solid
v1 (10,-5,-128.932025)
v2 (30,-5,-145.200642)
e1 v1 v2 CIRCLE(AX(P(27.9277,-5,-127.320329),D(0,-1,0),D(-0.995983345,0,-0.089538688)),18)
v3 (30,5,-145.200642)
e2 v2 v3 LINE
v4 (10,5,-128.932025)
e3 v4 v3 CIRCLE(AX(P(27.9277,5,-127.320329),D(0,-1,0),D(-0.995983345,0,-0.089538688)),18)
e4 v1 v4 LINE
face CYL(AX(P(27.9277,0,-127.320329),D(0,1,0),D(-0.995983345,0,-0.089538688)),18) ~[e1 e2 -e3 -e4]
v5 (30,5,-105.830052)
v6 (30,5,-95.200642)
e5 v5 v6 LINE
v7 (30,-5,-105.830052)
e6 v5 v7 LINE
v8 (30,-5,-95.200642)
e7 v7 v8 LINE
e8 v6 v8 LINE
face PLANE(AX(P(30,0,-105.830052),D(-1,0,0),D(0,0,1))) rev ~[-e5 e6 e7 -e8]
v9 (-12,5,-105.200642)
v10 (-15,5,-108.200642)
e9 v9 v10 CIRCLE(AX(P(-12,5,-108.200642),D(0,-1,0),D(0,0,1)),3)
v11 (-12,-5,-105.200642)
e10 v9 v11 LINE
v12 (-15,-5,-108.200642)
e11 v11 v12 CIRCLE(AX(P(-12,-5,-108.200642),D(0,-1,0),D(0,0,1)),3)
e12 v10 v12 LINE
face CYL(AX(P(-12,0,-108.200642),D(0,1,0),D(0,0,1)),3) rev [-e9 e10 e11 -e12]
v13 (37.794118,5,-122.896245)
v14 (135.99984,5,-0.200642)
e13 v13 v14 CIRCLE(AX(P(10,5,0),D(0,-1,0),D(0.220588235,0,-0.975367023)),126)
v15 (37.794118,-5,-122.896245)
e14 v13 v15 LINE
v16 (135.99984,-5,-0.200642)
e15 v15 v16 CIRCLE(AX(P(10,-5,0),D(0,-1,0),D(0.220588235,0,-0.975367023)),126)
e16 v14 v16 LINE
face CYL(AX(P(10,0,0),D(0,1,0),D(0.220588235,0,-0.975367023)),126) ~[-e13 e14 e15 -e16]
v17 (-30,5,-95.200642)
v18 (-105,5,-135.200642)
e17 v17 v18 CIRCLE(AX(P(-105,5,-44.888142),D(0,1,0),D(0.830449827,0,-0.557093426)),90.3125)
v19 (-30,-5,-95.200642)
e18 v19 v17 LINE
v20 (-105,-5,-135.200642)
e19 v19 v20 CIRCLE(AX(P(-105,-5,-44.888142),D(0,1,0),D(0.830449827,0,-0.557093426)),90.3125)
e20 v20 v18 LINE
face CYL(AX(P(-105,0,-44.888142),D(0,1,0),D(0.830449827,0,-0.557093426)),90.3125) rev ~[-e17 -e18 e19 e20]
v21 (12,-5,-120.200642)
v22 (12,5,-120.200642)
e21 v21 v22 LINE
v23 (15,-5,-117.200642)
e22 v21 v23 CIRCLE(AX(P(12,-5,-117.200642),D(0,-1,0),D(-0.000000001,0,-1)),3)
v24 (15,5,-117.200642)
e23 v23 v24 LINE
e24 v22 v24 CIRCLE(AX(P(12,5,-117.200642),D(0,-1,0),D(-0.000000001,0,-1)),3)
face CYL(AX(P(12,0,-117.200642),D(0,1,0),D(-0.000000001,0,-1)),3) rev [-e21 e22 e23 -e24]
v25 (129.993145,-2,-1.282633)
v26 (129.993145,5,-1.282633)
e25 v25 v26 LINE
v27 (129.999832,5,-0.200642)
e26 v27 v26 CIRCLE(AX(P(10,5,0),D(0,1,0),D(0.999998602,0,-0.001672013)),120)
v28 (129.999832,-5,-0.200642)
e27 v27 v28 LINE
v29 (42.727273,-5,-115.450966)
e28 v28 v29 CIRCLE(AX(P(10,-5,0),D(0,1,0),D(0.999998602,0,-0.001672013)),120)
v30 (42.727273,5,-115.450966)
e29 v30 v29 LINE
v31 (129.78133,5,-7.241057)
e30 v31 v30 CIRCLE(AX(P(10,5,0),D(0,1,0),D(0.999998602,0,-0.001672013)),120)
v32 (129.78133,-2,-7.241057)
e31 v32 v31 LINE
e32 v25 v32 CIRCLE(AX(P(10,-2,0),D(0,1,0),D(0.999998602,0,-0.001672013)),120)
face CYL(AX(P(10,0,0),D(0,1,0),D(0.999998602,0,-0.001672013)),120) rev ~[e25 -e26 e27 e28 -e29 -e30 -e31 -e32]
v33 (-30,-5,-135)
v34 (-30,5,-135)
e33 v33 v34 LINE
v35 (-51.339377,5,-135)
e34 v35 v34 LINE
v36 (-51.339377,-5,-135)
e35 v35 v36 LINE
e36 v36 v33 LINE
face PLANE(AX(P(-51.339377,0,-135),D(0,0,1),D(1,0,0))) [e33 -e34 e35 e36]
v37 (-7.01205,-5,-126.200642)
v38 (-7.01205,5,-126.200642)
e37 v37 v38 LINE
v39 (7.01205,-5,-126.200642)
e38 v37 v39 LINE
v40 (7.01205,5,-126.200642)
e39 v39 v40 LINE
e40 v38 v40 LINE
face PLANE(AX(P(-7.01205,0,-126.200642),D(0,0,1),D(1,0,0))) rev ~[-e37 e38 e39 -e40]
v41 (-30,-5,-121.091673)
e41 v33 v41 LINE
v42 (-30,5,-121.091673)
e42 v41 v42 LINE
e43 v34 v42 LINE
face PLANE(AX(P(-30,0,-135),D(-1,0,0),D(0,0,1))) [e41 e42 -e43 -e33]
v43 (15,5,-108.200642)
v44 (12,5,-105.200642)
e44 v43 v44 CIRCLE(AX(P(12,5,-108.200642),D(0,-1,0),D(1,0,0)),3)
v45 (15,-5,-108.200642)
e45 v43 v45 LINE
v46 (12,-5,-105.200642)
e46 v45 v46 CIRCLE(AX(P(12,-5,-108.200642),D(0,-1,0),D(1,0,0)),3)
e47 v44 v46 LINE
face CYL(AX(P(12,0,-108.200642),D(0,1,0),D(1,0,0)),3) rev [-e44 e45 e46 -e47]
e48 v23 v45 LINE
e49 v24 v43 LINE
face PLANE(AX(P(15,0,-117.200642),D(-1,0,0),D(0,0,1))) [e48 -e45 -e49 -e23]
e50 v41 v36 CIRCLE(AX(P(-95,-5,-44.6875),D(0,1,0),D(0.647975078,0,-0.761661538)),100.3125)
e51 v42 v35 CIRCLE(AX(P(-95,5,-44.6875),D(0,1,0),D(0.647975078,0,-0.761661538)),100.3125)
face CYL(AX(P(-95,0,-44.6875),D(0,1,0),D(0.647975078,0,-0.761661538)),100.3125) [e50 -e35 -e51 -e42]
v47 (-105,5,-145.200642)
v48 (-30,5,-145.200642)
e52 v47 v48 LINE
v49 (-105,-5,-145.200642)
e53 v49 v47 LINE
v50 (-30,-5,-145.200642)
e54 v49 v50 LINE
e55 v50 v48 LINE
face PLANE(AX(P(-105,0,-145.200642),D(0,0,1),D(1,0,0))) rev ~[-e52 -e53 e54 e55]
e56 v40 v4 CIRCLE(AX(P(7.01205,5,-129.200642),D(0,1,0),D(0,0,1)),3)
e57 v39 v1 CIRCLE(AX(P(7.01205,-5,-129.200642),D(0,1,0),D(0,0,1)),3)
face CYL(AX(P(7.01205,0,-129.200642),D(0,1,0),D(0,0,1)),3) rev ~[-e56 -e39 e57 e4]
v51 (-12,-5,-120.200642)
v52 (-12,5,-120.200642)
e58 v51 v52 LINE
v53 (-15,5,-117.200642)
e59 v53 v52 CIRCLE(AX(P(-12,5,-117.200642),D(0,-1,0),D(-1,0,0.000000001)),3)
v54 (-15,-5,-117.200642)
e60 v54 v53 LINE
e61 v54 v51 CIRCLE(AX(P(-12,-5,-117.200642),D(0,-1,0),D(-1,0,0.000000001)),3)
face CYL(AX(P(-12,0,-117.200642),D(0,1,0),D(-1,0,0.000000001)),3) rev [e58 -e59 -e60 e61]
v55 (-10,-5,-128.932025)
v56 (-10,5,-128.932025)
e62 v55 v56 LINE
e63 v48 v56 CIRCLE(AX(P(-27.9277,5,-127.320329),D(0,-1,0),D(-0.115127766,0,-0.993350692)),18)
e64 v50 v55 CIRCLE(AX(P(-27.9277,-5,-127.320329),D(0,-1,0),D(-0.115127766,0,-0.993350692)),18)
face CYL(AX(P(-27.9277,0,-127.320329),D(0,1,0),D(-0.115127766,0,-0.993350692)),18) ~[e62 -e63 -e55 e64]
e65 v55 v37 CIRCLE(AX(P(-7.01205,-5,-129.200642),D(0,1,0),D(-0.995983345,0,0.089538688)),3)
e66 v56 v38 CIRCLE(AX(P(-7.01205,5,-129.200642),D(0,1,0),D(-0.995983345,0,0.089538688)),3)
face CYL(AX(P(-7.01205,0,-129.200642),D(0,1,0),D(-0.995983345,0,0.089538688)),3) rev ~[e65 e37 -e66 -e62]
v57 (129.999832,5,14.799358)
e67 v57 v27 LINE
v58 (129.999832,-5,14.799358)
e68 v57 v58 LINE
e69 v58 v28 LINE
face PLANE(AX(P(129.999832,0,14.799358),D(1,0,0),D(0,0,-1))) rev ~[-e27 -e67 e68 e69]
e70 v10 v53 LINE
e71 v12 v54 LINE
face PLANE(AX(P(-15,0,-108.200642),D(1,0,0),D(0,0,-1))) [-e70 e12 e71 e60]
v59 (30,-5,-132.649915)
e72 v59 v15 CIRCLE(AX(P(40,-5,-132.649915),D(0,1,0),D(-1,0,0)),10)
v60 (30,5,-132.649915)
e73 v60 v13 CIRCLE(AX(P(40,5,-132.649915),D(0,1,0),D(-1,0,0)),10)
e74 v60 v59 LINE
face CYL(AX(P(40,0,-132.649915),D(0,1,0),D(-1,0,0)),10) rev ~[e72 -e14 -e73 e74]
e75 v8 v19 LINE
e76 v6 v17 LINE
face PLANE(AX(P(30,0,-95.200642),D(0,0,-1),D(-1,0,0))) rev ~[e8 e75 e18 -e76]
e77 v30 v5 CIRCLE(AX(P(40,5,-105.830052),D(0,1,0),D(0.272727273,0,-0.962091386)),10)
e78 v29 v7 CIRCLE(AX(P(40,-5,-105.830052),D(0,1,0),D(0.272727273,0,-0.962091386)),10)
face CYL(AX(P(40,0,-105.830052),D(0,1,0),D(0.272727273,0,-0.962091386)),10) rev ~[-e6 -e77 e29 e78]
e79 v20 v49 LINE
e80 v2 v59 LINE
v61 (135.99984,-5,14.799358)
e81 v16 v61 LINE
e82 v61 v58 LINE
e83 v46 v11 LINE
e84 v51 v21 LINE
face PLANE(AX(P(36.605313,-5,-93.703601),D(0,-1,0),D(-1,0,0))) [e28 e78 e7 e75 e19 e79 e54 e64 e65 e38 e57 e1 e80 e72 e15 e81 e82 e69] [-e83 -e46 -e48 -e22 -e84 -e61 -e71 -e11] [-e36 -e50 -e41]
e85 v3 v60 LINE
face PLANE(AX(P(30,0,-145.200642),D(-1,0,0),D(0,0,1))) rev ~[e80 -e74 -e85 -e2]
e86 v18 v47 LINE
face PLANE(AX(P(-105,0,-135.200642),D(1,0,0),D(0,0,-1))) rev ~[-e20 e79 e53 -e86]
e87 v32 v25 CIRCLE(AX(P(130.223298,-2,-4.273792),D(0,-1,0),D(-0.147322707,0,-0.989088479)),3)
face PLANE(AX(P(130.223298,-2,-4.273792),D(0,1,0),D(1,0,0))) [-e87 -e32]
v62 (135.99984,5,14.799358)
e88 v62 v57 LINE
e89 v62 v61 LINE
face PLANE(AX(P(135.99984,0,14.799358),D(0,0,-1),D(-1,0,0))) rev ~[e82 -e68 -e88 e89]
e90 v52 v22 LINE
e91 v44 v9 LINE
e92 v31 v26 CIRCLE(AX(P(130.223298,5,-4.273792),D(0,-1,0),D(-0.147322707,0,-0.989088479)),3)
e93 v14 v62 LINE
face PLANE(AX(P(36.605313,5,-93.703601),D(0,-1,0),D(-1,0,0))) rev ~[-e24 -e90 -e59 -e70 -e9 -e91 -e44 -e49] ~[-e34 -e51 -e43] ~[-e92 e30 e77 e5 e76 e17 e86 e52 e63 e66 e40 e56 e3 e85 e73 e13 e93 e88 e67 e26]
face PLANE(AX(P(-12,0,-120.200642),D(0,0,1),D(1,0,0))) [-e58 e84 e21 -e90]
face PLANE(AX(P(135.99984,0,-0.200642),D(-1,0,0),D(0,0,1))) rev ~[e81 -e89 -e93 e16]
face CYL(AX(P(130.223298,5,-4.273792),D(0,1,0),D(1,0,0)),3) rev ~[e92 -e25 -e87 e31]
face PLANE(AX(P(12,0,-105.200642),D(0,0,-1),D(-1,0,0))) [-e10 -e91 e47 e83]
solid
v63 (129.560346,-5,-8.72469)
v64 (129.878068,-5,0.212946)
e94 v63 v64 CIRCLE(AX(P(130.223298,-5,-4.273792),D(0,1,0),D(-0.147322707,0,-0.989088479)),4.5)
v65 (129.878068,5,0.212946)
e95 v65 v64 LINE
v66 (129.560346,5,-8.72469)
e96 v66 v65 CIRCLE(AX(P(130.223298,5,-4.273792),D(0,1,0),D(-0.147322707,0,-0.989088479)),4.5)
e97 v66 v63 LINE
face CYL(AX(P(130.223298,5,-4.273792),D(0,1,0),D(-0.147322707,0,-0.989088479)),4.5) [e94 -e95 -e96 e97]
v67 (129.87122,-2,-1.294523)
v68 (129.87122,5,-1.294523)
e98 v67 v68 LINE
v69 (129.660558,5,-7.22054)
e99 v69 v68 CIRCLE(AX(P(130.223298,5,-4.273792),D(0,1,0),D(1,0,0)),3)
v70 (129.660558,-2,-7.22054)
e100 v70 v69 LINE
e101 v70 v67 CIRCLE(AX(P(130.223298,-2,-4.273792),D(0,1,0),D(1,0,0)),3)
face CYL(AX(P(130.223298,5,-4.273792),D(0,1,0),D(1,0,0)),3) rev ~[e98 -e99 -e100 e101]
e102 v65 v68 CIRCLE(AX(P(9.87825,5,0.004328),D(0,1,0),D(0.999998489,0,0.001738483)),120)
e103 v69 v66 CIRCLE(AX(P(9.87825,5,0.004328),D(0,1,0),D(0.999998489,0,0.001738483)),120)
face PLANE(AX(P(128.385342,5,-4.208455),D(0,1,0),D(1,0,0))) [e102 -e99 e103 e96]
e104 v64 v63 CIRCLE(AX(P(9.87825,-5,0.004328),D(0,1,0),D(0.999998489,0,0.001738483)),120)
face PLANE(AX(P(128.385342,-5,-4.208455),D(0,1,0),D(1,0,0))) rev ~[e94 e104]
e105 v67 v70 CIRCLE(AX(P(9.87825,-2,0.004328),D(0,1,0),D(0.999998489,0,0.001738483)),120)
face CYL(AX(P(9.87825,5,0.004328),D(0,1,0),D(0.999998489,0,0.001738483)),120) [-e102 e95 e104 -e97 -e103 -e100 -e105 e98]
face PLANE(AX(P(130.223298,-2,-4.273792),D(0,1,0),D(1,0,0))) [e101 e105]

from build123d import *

# Parameters (mm, degrees)
BOSS_EXTRUDE1_DEPTH = 5
BOSS_EXTRUDE2_DEPTH = 10
SKETCH4_R           = 3
CUT_EXTRUDE2_DEPTH  = 7


with BuildPart() as part:
    # Sketch1 → Boss-Extrude1 (new, symmetric)
    with BuildSketch(Plane(origin=(0, 0, 0), x_dir=(1, 0, 0), z_dir=(0, 1, 0))):
        with BuildLine():
            Line((30, 145.200641517), (30, 132.64991519))
            ThreePointArc((30, 132.64991519), (32.187867656, 126.407272462), (37.794117647, 122.896244956))
            ThreePointArc((37.794117647, 122.896244956), (108.370209653, 78.735645376), (135.99984025, 0.200641517))
            Line((135.99984025, 0.200641517), (135.99984025, -14.799358483))
            Line((135.99984025, -14.799358483), (129.999832262, -14.799358483))
            Line((129.999832262, -14.799358483), (129.999832262, 0.200641517))
            ThreePointArc((129.999832262, 0.200641517), (105.666355059, 72.44272572), (42.727272727, 115.450966301))
            ThreePointArc((42.727272727, 115.450966301), (33.969773108, 113.807292795), (30, 105.830052443))
            Line((30, 105.830052443), (30, 95.200641517))
            Line((30, 95.200641517), (-30, 95.200641517))
            ThreePointArc((-30, 95.200641517), (-62.5, 124.575641517), (-105, 135.200641517))
            Line((-105, 135.200641517), (-105, 145.200641517))
            Line((-105, 145.200641517), (-30, 145.200641517))
            ThreePointArc((-30, 145.200641517), (-16.569205688, 141.284017765), (-10, 128.932025452))
            ThreePointArc((-10, 128.932025452), (-9.036173455, 126.986386767), (-7.012049965, 126.200641517))
            Line((-7.012049965, 126.200641517), (7.012049965, 126.200641517))
            ThreePointArc((7.012049965, 126.200641517), (9.036173455, 126.986386767), (10, 128.932025452))
            ThreePointArc((10, 128.932025452), (16.569205688, 141.284017765), (30, 145.200641517))
        make_face()
        with BuildLine():
            Line((-15, 108.200641517), (-15, 117.200641517))
            ThreePointArc((-15, 117.200641517), (-14.121320344, 119.321961861), (-12, 120.200641517))
            Line((-12, 120.200641517), (12, 120.200641517))
            ThreePointArc((12, 120.200641517), (14.121320344, 119.321961861), (15, 117.200641517))
            Line((15, 117.200641517), (15, 108.200641517))
            ThreePointArc((15, 108.200641517), (14.121320344, 106.079321174), (12, 105.200641517))
            Line((12, 105.200641517), (-12, 105.200641517))
            ThreePointArc((-12, 105.200641517), (-14.121320344, 106.079321174), (-15, 108.200641517))
        make_face(mode=Mode.SUBTRACT)
        with BuildLine():
            Line((-51.339377009, 135), (-30, 135))
            Line((-30, 135), (-30, 121.091673029))
            ThreePointArc((-30, 121.091673029), (-40.226437609, 128.725910975), (-51.339377009, 135))
        make_face(mode=Mode.SUBTRACT)
    extrude(amount=BOSS_EXTRUDE1_DEPTH, both=True)


with BuildPart() as body_2:
    # Sketch3 → Boss-Extrude2 (new body)
    with BuildSketch(Plane(origin=(0, 5, 0), x_dir=(1, 0, 0), z_dir=(0, 1, 0))):
        with BuildLine():
            ThreePointArc((129.560346247, 8.724689949), (125.726139097, 4.113923257), (129.878068317, -0.212946017))
            ThreePointArc((129.878068317, -0.212946017), (129.802498492, 4.258832867), (129.560346247, 8.724689949))
        make_face()
    extrude(amount=-BOSS_EXTRUDE2_DEPTH)


with BuildPart() as cut_extrude2_tool:
    # Sketch4 → Cut-Extrude2 (new body)
    with BuildSketch(Plane(origin=(0, 5, 0), x_dir=(1, 0, 0), z_dir=(0, 1, 0))):
        with Locations((130.223298428, 4.273791792)):
            Circle(SKETCH4_R)
    extrude(amount=-CUT_EXTRUDE2_DEPTH)


with BuildPart() as part_1:
    add(part.part)

    # Cut-Extrude2: cut by cut_extrude2_tool
    add(cut_extrude2_tool.part, mode=Mode.SUBTRACT)


with BuildPart() as body_2_1:
    add(body_2.part)

    # Cut-Extrude2: cut by cut_extrude2_tool
    add(cut_extrude2_tool.part, mode=Mode.SUBTRACT)


solid = Compound([part_1.part, body_2_1.part])
